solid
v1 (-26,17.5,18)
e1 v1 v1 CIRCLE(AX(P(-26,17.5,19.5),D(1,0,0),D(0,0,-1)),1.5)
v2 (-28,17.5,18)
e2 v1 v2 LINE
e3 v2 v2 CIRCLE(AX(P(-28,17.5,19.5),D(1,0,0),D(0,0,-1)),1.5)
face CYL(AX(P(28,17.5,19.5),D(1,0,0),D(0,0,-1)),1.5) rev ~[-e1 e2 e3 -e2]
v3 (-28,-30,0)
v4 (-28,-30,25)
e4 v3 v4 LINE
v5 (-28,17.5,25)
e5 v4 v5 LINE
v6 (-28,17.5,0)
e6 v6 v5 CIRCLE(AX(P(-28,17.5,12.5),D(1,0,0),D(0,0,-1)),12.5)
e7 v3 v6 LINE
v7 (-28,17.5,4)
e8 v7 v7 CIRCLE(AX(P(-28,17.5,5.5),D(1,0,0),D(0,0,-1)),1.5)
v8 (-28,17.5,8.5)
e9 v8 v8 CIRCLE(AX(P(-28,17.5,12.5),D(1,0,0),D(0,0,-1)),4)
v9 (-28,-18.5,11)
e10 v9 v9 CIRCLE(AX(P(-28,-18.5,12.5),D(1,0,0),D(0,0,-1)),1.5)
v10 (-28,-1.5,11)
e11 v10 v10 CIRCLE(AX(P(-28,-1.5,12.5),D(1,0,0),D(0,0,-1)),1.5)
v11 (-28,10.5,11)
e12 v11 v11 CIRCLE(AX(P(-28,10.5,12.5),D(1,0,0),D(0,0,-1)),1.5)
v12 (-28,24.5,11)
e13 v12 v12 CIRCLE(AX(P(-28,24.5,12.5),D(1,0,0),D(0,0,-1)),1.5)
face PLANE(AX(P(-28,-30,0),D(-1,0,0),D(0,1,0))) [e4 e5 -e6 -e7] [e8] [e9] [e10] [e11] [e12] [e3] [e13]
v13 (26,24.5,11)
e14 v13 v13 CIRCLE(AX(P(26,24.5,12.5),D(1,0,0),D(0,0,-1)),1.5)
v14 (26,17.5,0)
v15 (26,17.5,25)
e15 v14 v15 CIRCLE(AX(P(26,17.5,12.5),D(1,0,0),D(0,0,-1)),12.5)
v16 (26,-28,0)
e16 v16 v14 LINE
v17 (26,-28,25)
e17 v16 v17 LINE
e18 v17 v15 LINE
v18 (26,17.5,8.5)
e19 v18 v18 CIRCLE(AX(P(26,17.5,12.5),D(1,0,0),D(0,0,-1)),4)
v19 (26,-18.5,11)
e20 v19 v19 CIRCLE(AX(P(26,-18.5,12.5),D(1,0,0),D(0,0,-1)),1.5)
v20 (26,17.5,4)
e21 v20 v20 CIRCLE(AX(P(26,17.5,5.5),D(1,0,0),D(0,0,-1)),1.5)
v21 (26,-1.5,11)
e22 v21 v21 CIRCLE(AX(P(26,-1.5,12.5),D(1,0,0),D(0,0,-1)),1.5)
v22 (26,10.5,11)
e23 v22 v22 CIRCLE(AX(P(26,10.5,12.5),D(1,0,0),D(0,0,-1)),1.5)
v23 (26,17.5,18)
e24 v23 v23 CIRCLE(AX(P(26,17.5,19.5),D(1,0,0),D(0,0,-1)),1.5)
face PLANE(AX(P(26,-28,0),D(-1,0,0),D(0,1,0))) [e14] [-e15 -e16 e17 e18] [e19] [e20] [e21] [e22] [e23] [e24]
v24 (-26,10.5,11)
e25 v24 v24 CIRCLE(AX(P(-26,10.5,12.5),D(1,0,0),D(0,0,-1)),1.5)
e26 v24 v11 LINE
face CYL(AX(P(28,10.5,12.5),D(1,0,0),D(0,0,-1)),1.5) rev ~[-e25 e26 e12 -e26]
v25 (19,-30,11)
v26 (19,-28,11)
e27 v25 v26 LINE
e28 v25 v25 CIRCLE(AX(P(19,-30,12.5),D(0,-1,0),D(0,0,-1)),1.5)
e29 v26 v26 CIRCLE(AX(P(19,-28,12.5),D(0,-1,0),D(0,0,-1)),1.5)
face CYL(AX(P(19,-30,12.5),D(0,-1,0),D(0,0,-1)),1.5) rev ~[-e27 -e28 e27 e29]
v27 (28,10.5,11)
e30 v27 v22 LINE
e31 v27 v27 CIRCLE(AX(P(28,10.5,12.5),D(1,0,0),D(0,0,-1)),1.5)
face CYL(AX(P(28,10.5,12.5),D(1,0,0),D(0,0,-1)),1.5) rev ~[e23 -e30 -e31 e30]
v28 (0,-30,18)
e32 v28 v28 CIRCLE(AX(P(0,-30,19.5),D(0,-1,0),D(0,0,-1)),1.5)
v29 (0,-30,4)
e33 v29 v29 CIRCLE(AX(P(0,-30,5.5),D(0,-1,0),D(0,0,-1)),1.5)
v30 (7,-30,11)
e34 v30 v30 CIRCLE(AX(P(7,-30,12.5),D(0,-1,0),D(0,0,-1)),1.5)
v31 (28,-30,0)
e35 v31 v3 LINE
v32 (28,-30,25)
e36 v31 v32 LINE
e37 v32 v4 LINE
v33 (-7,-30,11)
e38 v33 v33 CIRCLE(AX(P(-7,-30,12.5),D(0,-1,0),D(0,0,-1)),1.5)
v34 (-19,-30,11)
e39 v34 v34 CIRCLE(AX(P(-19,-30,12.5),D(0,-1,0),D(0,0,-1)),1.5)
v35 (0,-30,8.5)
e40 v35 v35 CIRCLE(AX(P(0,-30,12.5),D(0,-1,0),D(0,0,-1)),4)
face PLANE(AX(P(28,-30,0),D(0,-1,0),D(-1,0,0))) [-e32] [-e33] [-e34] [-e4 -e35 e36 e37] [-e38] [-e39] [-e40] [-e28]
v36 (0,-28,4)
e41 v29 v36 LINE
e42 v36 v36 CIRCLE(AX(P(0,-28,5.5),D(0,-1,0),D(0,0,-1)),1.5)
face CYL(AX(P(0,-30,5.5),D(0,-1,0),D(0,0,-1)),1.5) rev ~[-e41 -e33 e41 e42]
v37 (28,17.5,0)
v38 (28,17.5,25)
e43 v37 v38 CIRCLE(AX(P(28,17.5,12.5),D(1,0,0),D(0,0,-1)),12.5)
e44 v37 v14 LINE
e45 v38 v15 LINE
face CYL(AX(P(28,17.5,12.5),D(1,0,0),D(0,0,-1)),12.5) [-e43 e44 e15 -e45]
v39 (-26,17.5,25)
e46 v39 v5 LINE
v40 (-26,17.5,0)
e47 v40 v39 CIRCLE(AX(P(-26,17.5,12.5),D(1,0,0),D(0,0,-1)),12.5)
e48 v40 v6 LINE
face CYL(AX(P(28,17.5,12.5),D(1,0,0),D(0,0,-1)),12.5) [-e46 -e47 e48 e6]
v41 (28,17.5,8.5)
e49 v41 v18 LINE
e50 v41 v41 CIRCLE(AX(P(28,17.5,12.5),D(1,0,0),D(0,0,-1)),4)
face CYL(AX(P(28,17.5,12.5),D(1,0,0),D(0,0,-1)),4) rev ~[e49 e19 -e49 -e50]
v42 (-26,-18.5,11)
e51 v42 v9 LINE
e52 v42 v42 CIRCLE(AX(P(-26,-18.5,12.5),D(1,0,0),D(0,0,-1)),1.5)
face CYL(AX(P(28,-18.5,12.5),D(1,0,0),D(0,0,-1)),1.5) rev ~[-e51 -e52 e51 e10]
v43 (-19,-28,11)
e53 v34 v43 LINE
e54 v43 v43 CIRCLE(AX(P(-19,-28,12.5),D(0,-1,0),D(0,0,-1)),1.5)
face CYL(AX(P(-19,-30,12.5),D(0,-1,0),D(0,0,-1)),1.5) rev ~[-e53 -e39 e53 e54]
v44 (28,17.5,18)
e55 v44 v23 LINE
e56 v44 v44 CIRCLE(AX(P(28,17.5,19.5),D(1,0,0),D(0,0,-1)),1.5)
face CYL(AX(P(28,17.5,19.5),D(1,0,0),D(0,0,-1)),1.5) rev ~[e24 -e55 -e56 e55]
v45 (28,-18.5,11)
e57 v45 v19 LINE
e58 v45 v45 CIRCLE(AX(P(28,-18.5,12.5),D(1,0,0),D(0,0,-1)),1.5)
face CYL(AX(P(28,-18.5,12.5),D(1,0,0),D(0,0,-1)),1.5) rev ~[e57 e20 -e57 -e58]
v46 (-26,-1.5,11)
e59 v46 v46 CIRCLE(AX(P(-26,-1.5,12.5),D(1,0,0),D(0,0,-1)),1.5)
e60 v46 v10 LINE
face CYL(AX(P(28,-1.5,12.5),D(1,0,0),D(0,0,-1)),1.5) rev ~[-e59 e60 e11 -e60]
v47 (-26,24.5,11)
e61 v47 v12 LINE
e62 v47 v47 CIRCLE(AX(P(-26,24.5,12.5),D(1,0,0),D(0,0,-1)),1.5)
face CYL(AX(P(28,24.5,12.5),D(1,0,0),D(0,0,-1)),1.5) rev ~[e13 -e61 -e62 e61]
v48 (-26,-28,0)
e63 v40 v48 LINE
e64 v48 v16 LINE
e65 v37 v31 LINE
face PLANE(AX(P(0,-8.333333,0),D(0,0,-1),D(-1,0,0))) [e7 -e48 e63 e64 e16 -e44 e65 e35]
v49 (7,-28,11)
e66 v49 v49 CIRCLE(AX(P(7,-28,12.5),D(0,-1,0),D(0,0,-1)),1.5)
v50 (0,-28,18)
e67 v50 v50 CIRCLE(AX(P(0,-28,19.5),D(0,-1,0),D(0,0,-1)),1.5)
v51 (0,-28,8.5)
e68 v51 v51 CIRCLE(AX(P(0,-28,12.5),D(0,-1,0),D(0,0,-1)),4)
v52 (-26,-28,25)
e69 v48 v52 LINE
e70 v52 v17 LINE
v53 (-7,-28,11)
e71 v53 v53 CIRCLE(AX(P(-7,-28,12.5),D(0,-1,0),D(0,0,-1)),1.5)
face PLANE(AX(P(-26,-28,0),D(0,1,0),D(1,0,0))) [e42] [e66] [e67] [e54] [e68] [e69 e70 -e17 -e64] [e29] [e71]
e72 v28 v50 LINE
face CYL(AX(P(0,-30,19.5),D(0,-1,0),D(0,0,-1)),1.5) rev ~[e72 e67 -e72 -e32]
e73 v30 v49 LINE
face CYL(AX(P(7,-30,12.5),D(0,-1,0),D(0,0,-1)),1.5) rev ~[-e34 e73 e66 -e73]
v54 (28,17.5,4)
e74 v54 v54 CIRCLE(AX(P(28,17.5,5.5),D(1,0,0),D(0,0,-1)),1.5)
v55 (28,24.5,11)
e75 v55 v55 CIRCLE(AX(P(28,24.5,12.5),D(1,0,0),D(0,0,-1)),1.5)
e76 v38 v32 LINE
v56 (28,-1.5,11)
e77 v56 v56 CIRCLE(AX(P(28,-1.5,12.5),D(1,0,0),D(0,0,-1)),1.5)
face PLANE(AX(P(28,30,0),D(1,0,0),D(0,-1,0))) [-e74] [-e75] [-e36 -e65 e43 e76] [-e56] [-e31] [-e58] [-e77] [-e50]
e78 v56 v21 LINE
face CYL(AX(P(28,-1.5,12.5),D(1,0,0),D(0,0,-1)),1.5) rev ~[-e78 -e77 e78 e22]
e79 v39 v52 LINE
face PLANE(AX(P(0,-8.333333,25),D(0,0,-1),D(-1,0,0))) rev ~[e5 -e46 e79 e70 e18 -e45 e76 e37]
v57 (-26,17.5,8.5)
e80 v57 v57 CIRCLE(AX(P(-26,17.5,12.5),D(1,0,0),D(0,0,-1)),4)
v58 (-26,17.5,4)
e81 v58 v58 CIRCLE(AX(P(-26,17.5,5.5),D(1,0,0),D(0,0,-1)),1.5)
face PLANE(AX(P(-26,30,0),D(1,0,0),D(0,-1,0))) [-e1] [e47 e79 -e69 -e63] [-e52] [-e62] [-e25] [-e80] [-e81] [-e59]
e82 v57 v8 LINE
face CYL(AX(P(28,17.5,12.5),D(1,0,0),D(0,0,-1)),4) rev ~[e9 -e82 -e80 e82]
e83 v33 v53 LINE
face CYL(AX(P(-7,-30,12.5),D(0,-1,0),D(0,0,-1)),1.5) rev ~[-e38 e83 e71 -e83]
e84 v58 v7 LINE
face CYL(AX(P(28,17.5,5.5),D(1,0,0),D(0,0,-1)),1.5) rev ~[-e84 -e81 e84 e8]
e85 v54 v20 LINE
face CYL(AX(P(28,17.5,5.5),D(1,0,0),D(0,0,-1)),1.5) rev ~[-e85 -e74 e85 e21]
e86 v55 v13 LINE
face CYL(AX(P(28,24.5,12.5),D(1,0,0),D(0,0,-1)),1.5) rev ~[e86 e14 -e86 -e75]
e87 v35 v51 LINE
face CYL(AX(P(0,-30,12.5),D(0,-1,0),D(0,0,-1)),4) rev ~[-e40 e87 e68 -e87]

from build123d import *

# Parameters (mm, degrees)
BOSS_EXTRUDE1_DEPTH = 25
SKETCH2_R           = 4
SKETCH2_R_2         = 1.5
CUT_EXTRUDE1_DEPTH  = 69.271516755
SKETCH3_R           = 4
SKETCH3_R_2         = 1.5
CUT_EXTRUDE2_DEPTH  = 71.774289117


with BuildPart() as part:
    # Sketch1 → Boss-Extrude1 (new body)
    with BuildSketch(Plane.XY):
        Polygon((-26, 30), (-26, -28), (26, -28), (26, 30), (28, 30), (28, -30), (-28, -30), (-28, 30), align=None)
    extrude(amount=BOSS_EXTRUDE1_DEPTH)

    # Sketch2 → Cut-Extrude1 (cut, through all)
    with BuildSketch(Plane(origin=(28, 0, 0), x_dir=(0, 0, -1), z_dir=(1, 0, 0))):
        with Locations((-12.5, 17.5)):
            Circle(SKETCH2_R)
        with Locations((-19.5, 17.5)):
            Circle(SKETCH2_R_2)
        with Locations((-12.5, -1.5)):
            Circle(SKETCH2_R_2)
        with Locations((-12.5, -18.5)):
            Circle(SKETCH2_R_2)
        with Locations((-12.5, 24.5)):
            Circle(SKETCH2_R_2)
        with Locations((-5.5, 17.5)):
            Circle(SKETCH2_R_2)
        with Locations((-12.5, 10.5)):
            Circle(SKETCH2_R_2)
        with BuildLine():
            Line((-25, 17.5), (-25, 33.655619926))
            Line((-25, 33.655619926), (0, 33.655619926))
            Line((0, 33.655619926), (0, 17.5))
            ThreePointArc((0, 17.5), (-12.5, 30), (-25, 17.5))
        make_face()
    extrude(amount=-CUT_EXTRUDE1_DEPTH, mode=Mode.SUBTRACT)

    # Sketch3 → Cut-Extrude2 (cut, through all)
    with BuildSketch(Plane.XZ.offset(30)):
        with Locations(Location((0, 12.5, 0), (0, 0, 270))):
            Circle(SKETCH3_R)
        with Locations(Location((-7, 12.5, 0), (0, 0, 270))):
            Circle(SKETCH3_R_2)
        with Locations(Location((0, 19.5, 0), (0, 0, 270))):
            Circle(SKETCH3_R_2)
        with Locations(Location((7, 12.5, 0), (0, 0, 270))):
            Circle(SKETCH3_R_2)
        with Locations(Location((0, 5.5, 0), (0, 0, 270))):
            Circle(SKETCH3_R_2)
        with Locations(Location((-19, 12.5, 0), (0, 0, 270))):
            Circle(SKETCH3_R_2)
        with Locations(Location((19, 12.5, 0), (0, 0, 270))):
            Circle(SKETCH3_R_2)
    extrude(amount=-CUT_EXTRUDE2_DEPTH, mode=Mode.SUBTRACT)


solid = part.part
